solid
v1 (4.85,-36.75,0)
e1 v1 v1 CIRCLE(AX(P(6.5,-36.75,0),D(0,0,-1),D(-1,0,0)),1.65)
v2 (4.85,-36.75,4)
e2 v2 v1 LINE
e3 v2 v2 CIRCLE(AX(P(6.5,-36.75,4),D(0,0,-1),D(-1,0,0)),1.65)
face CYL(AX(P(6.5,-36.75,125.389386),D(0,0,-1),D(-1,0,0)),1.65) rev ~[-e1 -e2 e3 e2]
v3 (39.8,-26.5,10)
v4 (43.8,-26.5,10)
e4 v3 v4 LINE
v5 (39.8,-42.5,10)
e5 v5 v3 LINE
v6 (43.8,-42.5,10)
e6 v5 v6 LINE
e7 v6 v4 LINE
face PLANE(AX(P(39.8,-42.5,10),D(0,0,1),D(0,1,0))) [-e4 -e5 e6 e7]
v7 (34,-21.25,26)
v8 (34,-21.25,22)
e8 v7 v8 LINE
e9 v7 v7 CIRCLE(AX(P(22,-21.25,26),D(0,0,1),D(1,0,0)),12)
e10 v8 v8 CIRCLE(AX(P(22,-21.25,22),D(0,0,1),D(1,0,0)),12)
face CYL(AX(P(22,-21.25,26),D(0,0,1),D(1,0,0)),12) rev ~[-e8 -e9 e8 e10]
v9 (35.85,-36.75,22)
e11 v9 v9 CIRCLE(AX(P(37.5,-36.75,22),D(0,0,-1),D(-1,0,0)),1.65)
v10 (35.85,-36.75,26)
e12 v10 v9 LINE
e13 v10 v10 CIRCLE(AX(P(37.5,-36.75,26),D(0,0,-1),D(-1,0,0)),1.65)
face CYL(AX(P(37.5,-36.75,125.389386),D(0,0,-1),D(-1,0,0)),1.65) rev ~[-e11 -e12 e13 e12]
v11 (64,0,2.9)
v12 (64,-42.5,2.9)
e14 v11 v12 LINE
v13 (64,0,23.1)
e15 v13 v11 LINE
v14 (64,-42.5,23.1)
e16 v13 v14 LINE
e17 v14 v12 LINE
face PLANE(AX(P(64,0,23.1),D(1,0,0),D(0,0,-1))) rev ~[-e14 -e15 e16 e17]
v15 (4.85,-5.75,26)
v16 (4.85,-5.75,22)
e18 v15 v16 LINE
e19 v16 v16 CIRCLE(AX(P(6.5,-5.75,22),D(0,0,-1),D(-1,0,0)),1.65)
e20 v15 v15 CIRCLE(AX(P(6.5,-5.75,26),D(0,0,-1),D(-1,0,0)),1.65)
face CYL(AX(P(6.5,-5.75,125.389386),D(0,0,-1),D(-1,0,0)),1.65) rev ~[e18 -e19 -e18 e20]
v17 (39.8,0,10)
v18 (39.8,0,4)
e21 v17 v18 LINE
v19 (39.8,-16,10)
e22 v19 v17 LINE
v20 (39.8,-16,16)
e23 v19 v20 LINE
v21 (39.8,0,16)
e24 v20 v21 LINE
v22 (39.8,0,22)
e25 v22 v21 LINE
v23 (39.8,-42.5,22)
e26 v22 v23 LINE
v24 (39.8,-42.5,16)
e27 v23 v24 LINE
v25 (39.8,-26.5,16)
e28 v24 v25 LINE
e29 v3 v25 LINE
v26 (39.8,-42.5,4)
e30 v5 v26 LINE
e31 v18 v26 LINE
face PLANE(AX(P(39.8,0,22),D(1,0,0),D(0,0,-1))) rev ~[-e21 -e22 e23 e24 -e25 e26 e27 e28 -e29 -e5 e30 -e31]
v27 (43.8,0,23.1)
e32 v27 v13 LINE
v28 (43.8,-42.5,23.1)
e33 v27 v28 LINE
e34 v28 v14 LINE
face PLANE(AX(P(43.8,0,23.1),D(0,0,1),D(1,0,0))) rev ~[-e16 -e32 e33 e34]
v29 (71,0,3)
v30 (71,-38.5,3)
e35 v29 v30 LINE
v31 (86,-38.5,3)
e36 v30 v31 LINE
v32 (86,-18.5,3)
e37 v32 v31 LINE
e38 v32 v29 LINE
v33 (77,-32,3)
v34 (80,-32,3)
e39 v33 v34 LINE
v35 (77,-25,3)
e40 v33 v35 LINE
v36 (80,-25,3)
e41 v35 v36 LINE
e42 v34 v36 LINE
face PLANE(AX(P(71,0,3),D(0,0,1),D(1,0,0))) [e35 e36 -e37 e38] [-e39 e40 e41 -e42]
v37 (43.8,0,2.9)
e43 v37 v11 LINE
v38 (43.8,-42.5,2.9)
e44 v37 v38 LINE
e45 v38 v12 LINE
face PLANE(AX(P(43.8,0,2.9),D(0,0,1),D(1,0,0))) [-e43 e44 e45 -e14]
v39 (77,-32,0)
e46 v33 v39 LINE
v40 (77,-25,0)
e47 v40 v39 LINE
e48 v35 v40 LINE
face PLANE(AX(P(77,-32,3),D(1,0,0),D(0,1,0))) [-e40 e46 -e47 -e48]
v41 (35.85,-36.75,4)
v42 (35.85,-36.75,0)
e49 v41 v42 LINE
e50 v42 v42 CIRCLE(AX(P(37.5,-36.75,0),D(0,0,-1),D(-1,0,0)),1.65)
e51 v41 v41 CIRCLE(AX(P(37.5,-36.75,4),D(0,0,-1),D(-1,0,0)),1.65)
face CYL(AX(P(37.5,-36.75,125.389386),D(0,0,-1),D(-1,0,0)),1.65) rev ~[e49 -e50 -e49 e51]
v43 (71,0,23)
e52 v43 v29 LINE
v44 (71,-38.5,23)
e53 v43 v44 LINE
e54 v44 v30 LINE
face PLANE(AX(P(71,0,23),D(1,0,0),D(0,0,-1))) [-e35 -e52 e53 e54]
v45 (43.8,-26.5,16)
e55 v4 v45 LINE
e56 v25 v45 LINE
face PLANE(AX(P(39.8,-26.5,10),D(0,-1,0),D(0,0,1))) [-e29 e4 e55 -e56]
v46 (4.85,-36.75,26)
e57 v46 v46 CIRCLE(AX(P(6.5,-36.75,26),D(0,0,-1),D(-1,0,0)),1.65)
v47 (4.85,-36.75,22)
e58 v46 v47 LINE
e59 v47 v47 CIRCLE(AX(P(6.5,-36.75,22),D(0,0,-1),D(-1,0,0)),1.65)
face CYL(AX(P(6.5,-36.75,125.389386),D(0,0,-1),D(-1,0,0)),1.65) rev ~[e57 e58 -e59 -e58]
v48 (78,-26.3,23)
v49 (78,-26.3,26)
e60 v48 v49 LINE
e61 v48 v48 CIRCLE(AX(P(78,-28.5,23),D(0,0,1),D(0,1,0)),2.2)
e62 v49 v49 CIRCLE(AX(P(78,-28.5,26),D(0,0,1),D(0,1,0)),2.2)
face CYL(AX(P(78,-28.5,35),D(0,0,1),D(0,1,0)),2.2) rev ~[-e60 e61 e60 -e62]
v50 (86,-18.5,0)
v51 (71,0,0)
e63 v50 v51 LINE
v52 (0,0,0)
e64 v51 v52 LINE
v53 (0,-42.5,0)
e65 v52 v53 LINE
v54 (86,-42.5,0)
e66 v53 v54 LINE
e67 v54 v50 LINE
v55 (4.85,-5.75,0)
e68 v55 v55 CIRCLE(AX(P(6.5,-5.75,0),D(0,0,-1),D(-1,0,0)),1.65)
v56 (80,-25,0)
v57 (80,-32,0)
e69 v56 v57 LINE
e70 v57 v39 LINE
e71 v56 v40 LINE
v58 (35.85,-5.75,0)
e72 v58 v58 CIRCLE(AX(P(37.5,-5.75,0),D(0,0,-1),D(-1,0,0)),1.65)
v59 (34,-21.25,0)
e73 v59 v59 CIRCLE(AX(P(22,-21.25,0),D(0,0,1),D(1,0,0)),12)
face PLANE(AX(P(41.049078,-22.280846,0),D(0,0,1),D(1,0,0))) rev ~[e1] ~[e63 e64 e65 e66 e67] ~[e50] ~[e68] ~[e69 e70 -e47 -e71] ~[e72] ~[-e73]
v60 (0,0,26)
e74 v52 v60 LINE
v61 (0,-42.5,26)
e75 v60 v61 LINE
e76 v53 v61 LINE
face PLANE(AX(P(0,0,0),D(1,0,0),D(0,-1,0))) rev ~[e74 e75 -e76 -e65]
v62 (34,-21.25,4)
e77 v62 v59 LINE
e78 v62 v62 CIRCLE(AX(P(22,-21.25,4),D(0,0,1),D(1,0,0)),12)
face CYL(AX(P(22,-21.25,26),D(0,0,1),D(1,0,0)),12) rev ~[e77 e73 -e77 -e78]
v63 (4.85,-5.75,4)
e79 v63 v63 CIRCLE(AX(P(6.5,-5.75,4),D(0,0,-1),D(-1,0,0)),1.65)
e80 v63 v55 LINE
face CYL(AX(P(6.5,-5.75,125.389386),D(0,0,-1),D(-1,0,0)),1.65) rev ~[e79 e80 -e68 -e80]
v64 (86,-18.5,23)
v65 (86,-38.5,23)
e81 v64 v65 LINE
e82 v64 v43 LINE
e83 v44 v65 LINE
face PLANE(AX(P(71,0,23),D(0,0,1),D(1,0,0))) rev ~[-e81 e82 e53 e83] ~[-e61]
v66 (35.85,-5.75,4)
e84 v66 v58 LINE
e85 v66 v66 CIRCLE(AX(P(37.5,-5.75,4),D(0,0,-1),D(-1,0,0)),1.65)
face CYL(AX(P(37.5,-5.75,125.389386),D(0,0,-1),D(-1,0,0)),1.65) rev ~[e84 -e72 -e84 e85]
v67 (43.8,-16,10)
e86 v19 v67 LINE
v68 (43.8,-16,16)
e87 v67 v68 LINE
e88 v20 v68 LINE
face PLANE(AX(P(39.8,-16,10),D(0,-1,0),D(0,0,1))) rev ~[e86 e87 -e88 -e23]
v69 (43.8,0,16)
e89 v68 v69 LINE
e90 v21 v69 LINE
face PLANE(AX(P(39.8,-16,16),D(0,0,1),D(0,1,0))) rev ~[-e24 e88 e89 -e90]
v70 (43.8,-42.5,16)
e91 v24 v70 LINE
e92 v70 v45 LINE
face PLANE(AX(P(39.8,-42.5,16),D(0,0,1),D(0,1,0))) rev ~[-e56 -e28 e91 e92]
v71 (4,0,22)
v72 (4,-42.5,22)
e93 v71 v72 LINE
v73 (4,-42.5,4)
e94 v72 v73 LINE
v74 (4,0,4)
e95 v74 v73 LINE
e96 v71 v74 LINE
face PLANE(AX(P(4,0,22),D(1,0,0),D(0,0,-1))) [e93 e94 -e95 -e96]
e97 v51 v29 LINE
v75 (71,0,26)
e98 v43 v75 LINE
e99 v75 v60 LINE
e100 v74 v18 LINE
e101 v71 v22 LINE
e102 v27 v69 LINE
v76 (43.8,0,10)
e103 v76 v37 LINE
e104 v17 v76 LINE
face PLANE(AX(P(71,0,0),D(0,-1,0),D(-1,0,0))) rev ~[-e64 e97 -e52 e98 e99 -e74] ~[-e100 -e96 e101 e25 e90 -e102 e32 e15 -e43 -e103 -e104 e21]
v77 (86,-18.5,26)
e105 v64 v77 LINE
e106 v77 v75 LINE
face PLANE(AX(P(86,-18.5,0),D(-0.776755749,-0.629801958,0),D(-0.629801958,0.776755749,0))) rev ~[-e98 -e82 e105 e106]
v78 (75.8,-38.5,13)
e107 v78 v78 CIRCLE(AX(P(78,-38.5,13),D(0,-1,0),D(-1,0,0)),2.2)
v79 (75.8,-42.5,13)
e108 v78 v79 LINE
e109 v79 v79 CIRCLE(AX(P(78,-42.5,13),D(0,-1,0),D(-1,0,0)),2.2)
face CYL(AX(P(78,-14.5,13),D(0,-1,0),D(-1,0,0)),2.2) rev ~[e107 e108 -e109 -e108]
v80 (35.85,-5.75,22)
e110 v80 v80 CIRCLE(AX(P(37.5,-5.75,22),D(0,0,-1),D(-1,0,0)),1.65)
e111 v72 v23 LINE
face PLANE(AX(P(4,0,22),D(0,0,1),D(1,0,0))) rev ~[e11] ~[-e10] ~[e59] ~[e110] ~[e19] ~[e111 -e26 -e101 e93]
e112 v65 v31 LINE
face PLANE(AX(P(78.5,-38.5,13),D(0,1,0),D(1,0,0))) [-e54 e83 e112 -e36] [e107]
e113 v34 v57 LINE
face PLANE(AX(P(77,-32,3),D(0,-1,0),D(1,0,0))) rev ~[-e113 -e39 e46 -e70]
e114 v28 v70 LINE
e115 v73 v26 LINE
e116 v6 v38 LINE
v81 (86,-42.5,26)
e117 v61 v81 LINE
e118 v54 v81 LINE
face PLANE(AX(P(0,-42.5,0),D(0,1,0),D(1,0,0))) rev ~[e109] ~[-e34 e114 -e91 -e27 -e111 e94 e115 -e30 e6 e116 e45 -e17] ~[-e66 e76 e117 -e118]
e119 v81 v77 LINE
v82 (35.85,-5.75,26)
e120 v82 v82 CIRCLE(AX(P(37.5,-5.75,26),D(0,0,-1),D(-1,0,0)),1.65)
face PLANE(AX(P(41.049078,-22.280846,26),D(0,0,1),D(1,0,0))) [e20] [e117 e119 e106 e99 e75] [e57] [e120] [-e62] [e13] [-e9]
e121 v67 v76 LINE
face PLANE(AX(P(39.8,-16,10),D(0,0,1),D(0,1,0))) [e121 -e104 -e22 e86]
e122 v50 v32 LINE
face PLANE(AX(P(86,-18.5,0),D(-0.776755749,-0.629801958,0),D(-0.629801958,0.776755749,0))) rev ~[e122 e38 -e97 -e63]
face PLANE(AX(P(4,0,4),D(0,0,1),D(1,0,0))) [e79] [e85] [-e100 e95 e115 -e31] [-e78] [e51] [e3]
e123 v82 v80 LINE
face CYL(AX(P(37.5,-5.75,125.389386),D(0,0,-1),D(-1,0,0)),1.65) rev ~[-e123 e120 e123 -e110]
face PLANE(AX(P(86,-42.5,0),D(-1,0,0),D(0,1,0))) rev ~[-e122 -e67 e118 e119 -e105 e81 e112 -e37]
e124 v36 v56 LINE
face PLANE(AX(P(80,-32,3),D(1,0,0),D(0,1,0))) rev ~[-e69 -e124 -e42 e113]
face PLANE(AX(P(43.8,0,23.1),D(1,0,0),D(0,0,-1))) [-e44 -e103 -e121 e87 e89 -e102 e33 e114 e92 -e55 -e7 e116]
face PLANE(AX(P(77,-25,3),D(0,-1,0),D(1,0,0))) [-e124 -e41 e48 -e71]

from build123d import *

# Parameters (mm, degrees)
BOSS_EXTRU_1_DEPTH      = 26
ESQUISSE2_R             = 12
ENL_V_MAT_EXTRU_1_DEPTH = 27
ESQUISSE3_W             = 35.8
ESQUISSE3_H             = 18
ESQUISSE3_W_2           = 20.2
ESQUISSE3_H_2           = 20.2
ENL_V_MAT_EXTRU_2_DEPTH = 43.5
ESQUISSE4_W             = 15
ESQUISSE4_H             = 20
ENL_V_MAT_EXTRU_3_DEPTH = 38.5
D_GAGEMENT_M31_D        = 3.3
ENL_V_MAT_EXTRU_4_REACH = 48.2
ESQUISSE7_W             = 6
ESQUISSE7_H             = 16
D_GAGEMENT_M41_D        = 4.4
D_GAGEMENT_M41_DEPTH    = 24
ESQUISSE10_W            = 2.2
ESQUISSE10_H            = 24
ENL_V_MAT_EXTRU_5_REACH = 5
ESQUISSE12_W            = 3
ESQUISSE12_H            = 7


with BuildPart() as part:
    # Esquisse1 → Boss.-Extru.1 (new body)
    with BuildSketch(Plane.XY):
        Polygon((0, 0), (0, -42.5), (86, -42.5), (86, -18.5), (71, 0), align=None)
    extrude(amount=BOSS_EXTRU_1_DEPTH)

    # Esquisse2 → Enlèv. mat.-Extru.1 (cut, through all)
    with BuildSketch(Plane.XY.offset(26)):
        with Locations((22, -21.25)):
            Circle(ESQUISSE2_R)
    extrude(amount=-ENL_V_MAT_EXTRU_1_DEPTH, mode=Mode.SUBTRACT)

    # Esquisse3 → Enlèv. mat.-Extru.2 (cut, through all)
    with BuildSketch(Plane(origin=(0, 0, 0), x_dir=(1, 0, 0), z_dir=(0, 1, 0))):
        with Locations((21.9, -13)):
            Rectangle(ESQUISSE3_W, ESQUISSE3_H)
        with Locations((53.9, -13)):
            Rectangle(ESQUISSE3_W_2, ESQUISSE3_H_2)
    extrude(amount=-ENL_V_MAT_EXTRU_2_DEPTH, mode=Mode.SUBTRACT)

    # Esquisse4 → Enlèv. mat.-Extru.3 (cut)
    with BuildSketch(Plane(origin=(0, 0, 0), x_dir=(1, 0, 0), z_dir=(0, 1, 0))):
        with Locations((78.5, -13)):
            Rectangle(ESQUISSE4_W, ESQUISSE4_H)
    extrude(amount=-ENL_V_MAT_EXTRU_3_DEPTH, mode=Mode.SUBTRACT)

    # Dégagement M31 (through all)
    with Locations(Plane.XY.offset(26)):
        with Locations((22, -21.25), (37.5, -36.75), (6.5, -5.75), (6.5, -36.75), (37.5, -5.75)):
            Hole(D_GAGEMENT_M31_D / 2)

    # Esquisse7 → Enlèv. mat.-Extru.4 (cut, up to next)
    with BuildSketch(Plane.ZY.offset(-39.8), mode=Mode.PRIVATE) as enl_v_mat_extru_4_sk1:
        with Locations((13, -8)):
            Rectangle(ESQUISSE7_W, ESQUISSE7_H)
    enl_v_mat_extru_4_tool1 = extrude(enl_v_mat_extru_4_sk1.sketch, amount=-ENL_V_MAT_EXTRU_4_REACH, mode=Mode.PRIVATE) & part.part
    add(enl_v_mat_extru_4_tool1.solids().sort_by_distance((39.8, -8, 13))[0], mode=Mode.SUBTRACT)
    # Esquisse7 → Enlèv. mat.-Extru.4 (cut, up to next)
    with BuildSketch(Plane.ZY.offset(-39.8), mode=Mode.PRIVATE) as enl_v_mat_extru_4_sk2:
        with Locations((13, -34.5)):
            Rectangle(ESQUISSE7_W, ESQUISSE7_H)
    enl_v_mat_extru_4_tool2 = extrude(enl_v_mat_extru_4_sk2.sketch, amount=-ENL_V_MAT_EXTRU_4_REACH, mode=Mode.PRIVATE) & part.part
    add(enl_v_mat_extru_4_tool2.solids().sort_by_distance((39.8, -34.5, 13))[0], mode=Mode.SUBTRACT)

    # Dégagement M41
    with Locations(Plane(origin=(0, -38.5, 0), x_dir=(1, 0, 0), z_dir=(0, 1, 0))):
        with Locations((78, -13)):
            Hole(D_GAGEMENT_M41_D / 2, depth=D_GAGEMENT_M41_DEPTH)

    # Esquisse10 → Dégagement M42 (revolve, cut)
    with BuildSketch(Plane(origin=(78, -28.5, 23), x_dir=(0, 1, 0), z_dir=(1, 0, 0))):
        with Locations((1.1, 12)):
            Rectangle(ESQUISSE10_W, ESQUISSE10_H)
    revolve(axis=Axis((78, -28.5, 16.65), (0, 0, 1)), mode=Mode.SUBTRACT)

    # Esquisse12 → Enlèv. mat.-Extru.5 (cut, up to next)
    with BuildSketch(Plane.XY.offset(3), mode=Mode.PRIVATE) as enl_v_mat_extru_5_sk1:
        with Locations((78.5, -28.5)):
            Rectangle(ESQUISSE12_W, ESQUISSE12_H)
    enl_v_mat_extru_5_tool1 = extrude(enl_v_mat_extru_5_sk1.sketch, amount=-ENL_V_MAT_EXTRU_5_REACH, mode=Mode.PRIVATE) & part.part
    add(enl_v_mat_extru_5_tool1.solids().sort_by_distance((78.5, -28.5, 3))[0], mode=Mode.SUBTRACT)


solid = part.part
